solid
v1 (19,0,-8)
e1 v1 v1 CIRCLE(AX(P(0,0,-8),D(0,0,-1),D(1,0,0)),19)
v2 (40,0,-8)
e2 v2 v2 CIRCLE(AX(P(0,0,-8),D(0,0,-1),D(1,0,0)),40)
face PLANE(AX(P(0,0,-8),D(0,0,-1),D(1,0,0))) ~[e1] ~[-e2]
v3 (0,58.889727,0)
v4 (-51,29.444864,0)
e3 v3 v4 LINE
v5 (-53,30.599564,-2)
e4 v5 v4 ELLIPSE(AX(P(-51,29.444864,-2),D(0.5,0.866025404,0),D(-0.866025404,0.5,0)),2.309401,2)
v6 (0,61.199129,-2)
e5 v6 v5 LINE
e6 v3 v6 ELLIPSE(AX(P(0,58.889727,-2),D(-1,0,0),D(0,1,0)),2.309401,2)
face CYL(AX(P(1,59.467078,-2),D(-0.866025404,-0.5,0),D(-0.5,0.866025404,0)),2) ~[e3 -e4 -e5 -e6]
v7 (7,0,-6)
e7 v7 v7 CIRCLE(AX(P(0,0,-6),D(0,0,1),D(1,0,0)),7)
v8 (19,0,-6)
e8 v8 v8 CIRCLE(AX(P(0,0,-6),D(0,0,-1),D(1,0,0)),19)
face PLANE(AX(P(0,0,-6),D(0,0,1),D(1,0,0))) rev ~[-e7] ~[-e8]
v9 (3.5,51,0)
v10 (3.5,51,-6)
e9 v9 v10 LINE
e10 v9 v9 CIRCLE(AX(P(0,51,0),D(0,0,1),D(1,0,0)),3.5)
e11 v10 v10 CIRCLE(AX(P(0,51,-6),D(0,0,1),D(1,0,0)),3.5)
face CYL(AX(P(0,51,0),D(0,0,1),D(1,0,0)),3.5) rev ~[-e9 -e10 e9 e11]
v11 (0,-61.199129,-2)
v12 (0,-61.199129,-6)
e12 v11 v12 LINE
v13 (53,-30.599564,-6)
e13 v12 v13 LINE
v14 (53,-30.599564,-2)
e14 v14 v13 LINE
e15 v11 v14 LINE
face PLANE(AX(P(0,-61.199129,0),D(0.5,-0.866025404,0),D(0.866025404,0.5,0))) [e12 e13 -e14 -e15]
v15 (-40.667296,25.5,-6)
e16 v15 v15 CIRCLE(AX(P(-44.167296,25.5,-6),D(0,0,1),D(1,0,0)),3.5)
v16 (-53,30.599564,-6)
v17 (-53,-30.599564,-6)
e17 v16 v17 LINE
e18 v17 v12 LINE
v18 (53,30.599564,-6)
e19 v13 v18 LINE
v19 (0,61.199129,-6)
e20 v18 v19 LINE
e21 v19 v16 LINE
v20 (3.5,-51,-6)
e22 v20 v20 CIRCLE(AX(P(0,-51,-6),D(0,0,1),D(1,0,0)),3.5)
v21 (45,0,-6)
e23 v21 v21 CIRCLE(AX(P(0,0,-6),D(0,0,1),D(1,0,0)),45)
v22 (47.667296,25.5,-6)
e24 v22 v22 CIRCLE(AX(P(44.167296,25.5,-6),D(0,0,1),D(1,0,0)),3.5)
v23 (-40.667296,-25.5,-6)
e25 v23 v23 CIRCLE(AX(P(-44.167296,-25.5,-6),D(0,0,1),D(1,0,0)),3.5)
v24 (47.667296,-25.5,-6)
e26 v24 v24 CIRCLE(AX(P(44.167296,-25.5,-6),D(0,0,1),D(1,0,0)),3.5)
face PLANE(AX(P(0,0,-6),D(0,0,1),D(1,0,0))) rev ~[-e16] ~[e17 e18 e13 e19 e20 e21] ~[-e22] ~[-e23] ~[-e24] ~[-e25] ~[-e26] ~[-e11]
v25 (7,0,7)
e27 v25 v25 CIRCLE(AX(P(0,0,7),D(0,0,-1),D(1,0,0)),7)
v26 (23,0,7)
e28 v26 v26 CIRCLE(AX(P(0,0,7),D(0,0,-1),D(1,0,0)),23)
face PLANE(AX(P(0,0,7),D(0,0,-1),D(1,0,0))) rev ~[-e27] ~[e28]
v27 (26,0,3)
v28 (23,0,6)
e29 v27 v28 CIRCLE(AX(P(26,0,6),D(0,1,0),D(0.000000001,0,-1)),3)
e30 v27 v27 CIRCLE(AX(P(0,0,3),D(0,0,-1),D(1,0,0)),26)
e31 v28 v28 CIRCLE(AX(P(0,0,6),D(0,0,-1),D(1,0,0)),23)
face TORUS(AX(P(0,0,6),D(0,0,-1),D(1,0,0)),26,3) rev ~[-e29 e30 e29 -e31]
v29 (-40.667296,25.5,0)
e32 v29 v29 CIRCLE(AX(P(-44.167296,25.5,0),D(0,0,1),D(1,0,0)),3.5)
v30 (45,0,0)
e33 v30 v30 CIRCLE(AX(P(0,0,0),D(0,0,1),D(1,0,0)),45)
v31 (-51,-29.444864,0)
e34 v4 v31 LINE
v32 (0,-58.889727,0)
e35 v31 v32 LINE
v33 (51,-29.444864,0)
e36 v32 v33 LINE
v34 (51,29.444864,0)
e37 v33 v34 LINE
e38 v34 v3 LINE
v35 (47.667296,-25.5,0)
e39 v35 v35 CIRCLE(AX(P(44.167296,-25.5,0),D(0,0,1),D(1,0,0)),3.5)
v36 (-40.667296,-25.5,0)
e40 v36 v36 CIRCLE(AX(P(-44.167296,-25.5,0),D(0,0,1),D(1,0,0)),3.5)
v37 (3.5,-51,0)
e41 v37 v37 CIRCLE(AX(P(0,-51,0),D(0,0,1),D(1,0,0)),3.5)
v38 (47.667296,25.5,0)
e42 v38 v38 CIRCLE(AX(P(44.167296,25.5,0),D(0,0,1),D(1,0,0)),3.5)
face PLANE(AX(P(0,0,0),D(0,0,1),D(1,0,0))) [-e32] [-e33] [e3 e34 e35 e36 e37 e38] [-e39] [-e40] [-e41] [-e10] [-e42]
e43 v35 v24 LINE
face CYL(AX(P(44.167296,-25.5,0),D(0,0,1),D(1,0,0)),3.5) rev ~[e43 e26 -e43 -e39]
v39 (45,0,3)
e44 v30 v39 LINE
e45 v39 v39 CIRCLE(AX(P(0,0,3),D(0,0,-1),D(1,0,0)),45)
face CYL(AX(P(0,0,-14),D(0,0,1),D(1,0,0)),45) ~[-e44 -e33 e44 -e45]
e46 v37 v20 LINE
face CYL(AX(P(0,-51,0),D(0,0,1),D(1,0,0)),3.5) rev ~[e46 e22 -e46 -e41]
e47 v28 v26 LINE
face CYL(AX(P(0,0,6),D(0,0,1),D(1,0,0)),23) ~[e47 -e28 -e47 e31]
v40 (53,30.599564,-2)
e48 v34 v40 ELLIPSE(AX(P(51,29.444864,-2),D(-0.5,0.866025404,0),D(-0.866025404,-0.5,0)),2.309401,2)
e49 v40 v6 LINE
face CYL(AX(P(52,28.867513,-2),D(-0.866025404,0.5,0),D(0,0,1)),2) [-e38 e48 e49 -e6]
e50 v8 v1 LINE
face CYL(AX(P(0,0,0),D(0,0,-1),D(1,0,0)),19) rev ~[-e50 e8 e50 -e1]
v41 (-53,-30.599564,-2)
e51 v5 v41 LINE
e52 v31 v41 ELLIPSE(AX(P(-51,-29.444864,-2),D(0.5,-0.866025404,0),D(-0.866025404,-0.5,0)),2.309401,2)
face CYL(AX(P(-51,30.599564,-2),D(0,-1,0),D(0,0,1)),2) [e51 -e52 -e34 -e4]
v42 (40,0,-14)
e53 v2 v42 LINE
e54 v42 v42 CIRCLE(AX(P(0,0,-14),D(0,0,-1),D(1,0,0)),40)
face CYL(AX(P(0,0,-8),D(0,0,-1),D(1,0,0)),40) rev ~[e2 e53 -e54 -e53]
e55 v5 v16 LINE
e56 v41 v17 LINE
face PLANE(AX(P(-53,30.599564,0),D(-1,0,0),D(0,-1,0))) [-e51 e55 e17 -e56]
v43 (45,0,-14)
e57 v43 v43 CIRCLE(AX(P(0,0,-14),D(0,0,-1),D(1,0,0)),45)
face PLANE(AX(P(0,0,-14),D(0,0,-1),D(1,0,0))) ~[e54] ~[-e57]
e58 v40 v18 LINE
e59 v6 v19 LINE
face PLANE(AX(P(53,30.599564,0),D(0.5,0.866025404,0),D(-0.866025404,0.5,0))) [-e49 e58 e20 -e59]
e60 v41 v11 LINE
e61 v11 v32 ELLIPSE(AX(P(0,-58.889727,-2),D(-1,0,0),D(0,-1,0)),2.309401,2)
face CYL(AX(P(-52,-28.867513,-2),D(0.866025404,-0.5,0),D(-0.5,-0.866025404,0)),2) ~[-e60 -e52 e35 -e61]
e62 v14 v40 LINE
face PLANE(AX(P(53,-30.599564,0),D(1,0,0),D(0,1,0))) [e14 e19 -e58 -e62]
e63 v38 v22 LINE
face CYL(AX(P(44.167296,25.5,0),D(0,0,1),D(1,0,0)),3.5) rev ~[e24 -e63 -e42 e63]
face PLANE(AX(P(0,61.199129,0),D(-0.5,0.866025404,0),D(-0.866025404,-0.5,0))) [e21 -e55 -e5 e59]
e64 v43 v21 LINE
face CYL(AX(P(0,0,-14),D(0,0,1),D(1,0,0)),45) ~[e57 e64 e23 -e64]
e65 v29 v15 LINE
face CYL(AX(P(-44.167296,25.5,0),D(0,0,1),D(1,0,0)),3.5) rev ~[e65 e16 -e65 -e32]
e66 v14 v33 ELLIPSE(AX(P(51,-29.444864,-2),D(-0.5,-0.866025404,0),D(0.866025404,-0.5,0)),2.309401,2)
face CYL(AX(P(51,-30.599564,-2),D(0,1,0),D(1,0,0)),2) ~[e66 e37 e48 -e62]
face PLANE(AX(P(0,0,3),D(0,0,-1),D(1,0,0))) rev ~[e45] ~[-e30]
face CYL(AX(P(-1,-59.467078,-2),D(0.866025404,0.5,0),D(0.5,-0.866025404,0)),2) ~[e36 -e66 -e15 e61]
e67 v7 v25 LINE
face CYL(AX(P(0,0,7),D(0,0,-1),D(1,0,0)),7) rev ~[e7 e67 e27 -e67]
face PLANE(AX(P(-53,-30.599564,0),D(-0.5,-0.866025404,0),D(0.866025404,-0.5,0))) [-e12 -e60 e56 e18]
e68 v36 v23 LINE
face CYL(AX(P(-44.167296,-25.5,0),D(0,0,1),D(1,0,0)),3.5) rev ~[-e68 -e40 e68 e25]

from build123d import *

# Parameters (mm, degrees)
BOSS_EXTRUDE1_DEPTH = 6
SKETCH3_R           = 3.5
SKETCH3_R_2         = 7
CUT_EXTRUDE1_DEPTH  = 83.160412203
FILLET1_R           = 2


with BuildPart() as part:
    # Sketch1 → Revolve1 (revolve)
    with BuildSketch(Plane(origin=(0, 0, 0), x_dir=(0, 0, -1), z_dir=(1, 0, 0)), mode=Mode.PRIVATE) as revolve1_sk:
        with BuildLine():
            Line((-3, 45), (-3, 26))
            ThreePointArc((-3, 26), (-3.878679656, 23.878679656), (-6, 23))
            Line((-6, 23), (-7, 23))
            Line((-7, 23), (-7, 7))
            Line((-7, 7), (0, 7))
            Line((0, 7), (0, 19))
            Line((0, 19), (8, 19))
            Line((8, 19), (8, 40))
            Line((8, 40), (14, 40))
            Line((14, 40), (14, 45))
            Line((14, 45), (3, 45))
            Line((3, 45), (-3, 45))
        make_face()
    revolve(revolve1_sk.sketch.rotate(Axis((0, 0, 21.063158719), (0, 0, -1)), 90), axis=Axis((0, 0, 21.063158719), (0, 0, -1)))

    # Sketch2 → Boss-Extrude1 (add)
    with BuildSketch(Plane.XY):
        Polygon((0, 61.199128534), (-53, 30.599564267), (-53, -30.599564267), (0, -61.199128534), (53, -30.599564267), (53, 30.599564267), align=None)
    extrude(amount=-BOSS_EXTRUDE1_DEPTH)

    # Sketch3 → Cut-Extrude1 (cut, through all)
    with BuildSketch(Plane.XY):
        with Locations((0, 51)):
            Circle(SKETCH3_R)
        with Locations((44.167295593, 25.5)):
            Circle(SKETCH3_R)
        with Locations((44.167295593, -25.5)):
            Circle(SKETCH3_R)
        with Locations((0, -51)):
            Circle(SKETCH3_R)
        with Locations((-44.167295593, -25.5)):
            Circle(SKETCH3_R)
        with Locations((-44.167295593, 25.5)):
            Circle(SKETCH3_R)
        Circle(SKETCH3_R_2)
    extrude(amount=-CUT_EXTRUDE1_DEPTH, mode=Mode.SUBTRACT)

    # Fillet1
    fillet1_edges = [part.edges().sort_by_distance(p)[0] for p in [
        (26.5, 45.899346401, 0),
        (-26.5, 45.899346401, 0),
        (-53, 0, 0),
        (-26.5, -45.899346401, 0),
        (26.5, -45.899346401, 0),
        (53, 0, 0),
    ]]
    fillet(fillet1_edges, radius=FILLET1_R)


solid = part.part
